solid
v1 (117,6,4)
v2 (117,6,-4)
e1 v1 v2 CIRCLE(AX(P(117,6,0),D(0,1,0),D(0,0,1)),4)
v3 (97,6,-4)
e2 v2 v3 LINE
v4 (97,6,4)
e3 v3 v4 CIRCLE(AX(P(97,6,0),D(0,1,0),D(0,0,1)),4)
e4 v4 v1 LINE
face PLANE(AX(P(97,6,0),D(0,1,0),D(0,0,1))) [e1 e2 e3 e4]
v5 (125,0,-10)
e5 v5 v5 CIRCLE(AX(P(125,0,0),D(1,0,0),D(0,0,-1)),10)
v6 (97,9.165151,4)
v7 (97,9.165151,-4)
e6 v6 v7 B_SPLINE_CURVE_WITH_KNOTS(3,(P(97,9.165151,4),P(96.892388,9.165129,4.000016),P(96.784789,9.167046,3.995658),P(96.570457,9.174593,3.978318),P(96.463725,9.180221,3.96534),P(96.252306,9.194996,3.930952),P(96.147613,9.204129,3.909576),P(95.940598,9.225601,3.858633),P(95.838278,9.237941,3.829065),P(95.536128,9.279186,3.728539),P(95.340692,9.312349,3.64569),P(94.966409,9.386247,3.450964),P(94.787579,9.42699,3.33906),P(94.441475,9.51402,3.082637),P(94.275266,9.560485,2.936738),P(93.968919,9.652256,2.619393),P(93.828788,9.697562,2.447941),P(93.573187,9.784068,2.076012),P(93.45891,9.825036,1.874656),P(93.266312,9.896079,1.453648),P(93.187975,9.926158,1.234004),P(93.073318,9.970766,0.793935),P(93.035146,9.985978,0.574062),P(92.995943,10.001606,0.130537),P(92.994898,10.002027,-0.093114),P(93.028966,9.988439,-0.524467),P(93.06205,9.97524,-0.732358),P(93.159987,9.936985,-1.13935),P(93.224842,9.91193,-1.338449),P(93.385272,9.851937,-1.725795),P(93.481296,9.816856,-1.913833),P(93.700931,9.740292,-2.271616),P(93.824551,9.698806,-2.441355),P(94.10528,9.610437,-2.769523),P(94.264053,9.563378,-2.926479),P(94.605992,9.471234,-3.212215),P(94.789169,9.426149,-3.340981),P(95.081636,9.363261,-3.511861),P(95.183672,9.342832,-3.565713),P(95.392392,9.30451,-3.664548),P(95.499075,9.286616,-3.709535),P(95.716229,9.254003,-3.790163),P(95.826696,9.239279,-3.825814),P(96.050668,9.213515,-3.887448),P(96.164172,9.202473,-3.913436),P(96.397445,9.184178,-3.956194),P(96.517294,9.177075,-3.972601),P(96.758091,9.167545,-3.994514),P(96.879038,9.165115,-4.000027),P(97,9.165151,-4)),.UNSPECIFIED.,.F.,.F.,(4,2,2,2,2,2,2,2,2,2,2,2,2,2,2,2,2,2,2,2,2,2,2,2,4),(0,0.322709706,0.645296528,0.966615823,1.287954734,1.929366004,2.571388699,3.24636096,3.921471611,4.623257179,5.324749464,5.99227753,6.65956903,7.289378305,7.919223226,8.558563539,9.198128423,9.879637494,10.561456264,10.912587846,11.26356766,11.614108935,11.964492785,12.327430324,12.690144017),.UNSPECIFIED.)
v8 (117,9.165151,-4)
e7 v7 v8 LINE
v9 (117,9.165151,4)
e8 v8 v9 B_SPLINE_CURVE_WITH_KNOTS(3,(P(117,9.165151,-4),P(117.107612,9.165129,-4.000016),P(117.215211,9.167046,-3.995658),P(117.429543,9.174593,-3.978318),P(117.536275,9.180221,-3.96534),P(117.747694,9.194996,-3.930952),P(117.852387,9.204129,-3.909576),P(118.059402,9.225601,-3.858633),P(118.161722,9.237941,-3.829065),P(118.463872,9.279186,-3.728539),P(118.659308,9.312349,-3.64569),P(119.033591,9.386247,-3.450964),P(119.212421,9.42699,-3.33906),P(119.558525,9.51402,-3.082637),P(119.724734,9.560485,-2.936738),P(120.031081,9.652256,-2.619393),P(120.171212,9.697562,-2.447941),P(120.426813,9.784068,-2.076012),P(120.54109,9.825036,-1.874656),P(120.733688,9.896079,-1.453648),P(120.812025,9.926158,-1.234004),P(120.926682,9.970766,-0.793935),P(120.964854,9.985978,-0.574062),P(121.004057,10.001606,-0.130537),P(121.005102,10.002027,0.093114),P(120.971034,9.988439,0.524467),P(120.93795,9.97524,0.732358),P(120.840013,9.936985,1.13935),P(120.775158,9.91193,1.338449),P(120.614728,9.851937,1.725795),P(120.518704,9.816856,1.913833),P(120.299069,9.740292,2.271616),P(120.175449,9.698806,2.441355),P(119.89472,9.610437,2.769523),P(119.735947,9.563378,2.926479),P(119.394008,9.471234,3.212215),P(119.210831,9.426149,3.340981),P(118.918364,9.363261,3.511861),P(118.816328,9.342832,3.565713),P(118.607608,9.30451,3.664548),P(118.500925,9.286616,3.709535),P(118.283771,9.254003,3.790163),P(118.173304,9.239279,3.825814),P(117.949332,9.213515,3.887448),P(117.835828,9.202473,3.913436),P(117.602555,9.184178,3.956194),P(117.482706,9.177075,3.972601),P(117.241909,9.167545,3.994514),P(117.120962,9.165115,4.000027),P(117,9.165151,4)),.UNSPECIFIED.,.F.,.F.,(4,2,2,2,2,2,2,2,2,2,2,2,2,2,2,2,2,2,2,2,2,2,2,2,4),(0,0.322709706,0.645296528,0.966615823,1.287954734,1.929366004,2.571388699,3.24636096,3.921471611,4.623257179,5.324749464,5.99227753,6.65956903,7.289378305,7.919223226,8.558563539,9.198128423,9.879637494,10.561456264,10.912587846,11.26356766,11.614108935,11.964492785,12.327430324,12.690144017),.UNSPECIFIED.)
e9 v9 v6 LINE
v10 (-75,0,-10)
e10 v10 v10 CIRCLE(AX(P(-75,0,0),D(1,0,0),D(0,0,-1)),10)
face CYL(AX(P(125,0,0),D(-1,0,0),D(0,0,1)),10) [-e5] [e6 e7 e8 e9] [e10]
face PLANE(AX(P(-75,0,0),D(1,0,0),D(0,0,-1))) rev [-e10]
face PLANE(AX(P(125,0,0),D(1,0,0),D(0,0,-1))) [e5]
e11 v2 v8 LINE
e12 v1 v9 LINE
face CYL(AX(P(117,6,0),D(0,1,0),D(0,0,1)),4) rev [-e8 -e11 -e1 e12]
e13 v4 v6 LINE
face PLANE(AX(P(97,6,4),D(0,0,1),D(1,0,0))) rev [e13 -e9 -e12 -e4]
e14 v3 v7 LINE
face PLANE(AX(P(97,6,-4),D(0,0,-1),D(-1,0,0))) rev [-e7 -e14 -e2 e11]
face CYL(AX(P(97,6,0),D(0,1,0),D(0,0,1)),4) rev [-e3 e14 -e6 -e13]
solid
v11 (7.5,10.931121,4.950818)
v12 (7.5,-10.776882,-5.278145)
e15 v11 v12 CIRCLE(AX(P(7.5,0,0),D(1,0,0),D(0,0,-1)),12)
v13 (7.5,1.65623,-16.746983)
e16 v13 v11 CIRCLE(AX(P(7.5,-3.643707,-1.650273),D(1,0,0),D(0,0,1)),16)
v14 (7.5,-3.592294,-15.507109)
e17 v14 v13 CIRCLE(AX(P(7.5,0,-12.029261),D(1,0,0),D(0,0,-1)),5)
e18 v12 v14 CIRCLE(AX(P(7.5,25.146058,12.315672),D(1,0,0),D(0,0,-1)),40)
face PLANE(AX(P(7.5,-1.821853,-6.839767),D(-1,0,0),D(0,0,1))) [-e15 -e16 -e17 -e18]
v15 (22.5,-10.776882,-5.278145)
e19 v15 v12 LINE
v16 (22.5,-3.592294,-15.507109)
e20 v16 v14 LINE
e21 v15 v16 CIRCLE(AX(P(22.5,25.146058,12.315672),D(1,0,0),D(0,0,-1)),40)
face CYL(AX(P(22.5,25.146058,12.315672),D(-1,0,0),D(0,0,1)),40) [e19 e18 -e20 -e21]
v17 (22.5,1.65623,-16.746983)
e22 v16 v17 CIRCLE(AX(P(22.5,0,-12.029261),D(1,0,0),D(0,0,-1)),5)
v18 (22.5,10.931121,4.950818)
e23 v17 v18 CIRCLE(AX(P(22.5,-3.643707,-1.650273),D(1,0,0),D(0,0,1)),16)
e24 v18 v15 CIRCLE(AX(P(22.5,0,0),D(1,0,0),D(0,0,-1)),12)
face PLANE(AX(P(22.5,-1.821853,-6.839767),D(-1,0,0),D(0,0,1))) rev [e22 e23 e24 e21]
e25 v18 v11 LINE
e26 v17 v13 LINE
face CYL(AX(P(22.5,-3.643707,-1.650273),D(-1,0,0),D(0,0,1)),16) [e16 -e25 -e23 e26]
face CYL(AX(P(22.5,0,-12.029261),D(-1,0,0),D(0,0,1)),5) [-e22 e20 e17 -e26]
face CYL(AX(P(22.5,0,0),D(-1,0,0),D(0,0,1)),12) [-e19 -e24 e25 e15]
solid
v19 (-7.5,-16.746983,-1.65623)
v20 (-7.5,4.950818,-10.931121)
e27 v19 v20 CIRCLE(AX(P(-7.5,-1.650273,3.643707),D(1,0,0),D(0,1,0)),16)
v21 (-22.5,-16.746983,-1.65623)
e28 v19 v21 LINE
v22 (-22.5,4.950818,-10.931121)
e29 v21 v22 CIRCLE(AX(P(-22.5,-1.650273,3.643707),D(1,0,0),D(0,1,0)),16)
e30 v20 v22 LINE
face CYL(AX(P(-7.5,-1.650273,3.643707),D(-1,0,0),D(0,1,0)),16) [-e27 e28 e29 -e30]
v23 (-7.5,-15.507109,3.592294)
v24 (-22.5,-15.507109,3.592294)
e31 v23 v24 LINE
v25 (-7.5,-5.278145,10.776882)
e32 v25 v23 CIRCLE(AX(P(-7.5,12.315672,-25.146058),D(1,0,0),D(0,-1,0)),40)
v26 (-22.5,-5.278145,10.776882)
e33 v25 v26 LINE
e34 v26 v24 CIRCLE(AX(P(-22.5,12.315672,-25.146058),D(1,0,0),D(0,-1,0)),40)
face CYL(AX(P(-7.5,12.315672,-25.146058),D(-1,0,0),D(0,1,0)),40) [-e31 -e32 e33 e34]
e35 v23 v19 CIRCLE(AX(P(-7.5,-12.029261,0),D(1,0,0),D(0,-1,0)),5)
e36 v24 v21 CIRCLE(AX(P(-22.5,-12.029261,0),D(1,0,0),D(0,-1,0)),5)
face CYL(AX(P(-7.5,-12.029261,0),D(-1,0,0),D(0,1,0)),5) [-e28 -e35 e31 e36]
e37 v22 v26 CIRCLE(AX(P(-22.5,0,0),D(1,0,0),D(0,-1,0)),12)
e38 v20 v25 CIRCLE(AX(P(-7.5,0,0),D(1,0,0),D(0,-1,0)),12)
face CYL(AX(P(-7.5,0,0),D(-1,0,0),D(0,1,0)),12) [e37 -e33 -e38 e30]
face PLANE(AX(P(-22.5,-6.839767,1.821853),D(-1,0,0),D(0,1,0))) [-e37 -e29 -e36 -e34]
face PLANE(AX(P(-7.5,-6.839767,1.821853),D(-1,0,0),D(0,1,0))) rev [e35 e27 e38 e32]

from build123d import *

# Parameters (mm, degrees)
SKETCH1_R                = 10
BOSS_EXTRUDE1_DEPTH      = 125
BOSS_EXTRUDE1_DEPTH_BACK = 75
BOSS_EXTRUDE2_START      = 15
BOSS_EXTRUDE2_DEPTH      = 7.5
LPATTERN1_COUNT          = 2
LPATTERN1_PITCH          = 30
BODY_MOVE_COPY1_ANGLE    = 90
CUT_EXTRUDE1_DEPTH       = 4


with BuildPart() as part:
    # Sketch1 → Boss-Extrude1 (new body, two sides)
    with BuildSketch(Plane(origin=(0, 0, 0), x_dir=(0, 0, -1), z_dir=(1, 0, 0))) as boss_extrude1_sk:
        Circle(SKETCH1_R)
    extrude(amount=BOSS_EXTRUDE1_DEPTH)
    extrude(boss_extrude1_sk.sketch, amount=-BOSS_EXTRUDE1_DEPTH_BACK)

    # Sketch3 → Cut-Extrude1 (cut)
    with BuildSketch(Plane(origin=(0, 10, 0), x_dir=(1, 0, 0), z_dir=(0, 1, 0))):
        with BuildLine():
            Line((97, 4), (117, 4))
            ThreePointArc((117, 4), (121, 0), (117, -4))
            Line((117, -4), (97, -4))
            ThreePointArc((97, -4), (93, 0), (97, 4))
        make_face()
    extrude(amount=-CUT_EXTRUDE1_DEPTH, mode=Mode.SUBTRACT)


with BuildPart() as body_2:
    # Sketch2 → Boss-Extrude2 (new body, symmetric)
    with BuildSketch(Plane(origin=(0, 0, 0), x_dir=(0, 0, -1), z_dir=(1, 0, 0)).offset(BOSS_EXTRUDE2_START)):
        with BuildLine():
            ThreePointArc((-4.950818385, 10.931120589), (-10.855235073, -5.115063196), (5.27814522, -10.776881879))
            ThreePointArc((5.27814522, -10.776881879), (10.675009162, -7.586625818), (15.507108825, -3.59229396))
            ThreePointArc((15.507108825, -3.59229396), (16.895326586, -1.149524968), (16.746983201, 1.656230392))
            ThreePointArc((16.746983201, 1.656230392), (7.939134659, 11.068540296), (-4.950818385, 10.931120589))
        make_face()
    boss_extrude2 = extrude(amount=BOSS_EXTRUDE2_DEPTH, both=True)


with BuildPart() as lpattern1_1:
    # LPattern1: Boss-Extrude2 ×2
    with Locations(*[(-i * LPATTERN1_PITCH, 0, 0) for i in range(1, LPATTERN1_COUNT)]):
        add(boss_extrude2)


with BuildPart() as lpattern1_1_1:
    # Body-Move/Copy1: moved
    add(lpattern1_1.part.rotate(Axis((0, 0, 0), (-1, 0, 0)), BODY_MOVE_COPY1_ANGLE))


solid = Compound([part.part, body_2.part, lpattern1_1_1.part])
